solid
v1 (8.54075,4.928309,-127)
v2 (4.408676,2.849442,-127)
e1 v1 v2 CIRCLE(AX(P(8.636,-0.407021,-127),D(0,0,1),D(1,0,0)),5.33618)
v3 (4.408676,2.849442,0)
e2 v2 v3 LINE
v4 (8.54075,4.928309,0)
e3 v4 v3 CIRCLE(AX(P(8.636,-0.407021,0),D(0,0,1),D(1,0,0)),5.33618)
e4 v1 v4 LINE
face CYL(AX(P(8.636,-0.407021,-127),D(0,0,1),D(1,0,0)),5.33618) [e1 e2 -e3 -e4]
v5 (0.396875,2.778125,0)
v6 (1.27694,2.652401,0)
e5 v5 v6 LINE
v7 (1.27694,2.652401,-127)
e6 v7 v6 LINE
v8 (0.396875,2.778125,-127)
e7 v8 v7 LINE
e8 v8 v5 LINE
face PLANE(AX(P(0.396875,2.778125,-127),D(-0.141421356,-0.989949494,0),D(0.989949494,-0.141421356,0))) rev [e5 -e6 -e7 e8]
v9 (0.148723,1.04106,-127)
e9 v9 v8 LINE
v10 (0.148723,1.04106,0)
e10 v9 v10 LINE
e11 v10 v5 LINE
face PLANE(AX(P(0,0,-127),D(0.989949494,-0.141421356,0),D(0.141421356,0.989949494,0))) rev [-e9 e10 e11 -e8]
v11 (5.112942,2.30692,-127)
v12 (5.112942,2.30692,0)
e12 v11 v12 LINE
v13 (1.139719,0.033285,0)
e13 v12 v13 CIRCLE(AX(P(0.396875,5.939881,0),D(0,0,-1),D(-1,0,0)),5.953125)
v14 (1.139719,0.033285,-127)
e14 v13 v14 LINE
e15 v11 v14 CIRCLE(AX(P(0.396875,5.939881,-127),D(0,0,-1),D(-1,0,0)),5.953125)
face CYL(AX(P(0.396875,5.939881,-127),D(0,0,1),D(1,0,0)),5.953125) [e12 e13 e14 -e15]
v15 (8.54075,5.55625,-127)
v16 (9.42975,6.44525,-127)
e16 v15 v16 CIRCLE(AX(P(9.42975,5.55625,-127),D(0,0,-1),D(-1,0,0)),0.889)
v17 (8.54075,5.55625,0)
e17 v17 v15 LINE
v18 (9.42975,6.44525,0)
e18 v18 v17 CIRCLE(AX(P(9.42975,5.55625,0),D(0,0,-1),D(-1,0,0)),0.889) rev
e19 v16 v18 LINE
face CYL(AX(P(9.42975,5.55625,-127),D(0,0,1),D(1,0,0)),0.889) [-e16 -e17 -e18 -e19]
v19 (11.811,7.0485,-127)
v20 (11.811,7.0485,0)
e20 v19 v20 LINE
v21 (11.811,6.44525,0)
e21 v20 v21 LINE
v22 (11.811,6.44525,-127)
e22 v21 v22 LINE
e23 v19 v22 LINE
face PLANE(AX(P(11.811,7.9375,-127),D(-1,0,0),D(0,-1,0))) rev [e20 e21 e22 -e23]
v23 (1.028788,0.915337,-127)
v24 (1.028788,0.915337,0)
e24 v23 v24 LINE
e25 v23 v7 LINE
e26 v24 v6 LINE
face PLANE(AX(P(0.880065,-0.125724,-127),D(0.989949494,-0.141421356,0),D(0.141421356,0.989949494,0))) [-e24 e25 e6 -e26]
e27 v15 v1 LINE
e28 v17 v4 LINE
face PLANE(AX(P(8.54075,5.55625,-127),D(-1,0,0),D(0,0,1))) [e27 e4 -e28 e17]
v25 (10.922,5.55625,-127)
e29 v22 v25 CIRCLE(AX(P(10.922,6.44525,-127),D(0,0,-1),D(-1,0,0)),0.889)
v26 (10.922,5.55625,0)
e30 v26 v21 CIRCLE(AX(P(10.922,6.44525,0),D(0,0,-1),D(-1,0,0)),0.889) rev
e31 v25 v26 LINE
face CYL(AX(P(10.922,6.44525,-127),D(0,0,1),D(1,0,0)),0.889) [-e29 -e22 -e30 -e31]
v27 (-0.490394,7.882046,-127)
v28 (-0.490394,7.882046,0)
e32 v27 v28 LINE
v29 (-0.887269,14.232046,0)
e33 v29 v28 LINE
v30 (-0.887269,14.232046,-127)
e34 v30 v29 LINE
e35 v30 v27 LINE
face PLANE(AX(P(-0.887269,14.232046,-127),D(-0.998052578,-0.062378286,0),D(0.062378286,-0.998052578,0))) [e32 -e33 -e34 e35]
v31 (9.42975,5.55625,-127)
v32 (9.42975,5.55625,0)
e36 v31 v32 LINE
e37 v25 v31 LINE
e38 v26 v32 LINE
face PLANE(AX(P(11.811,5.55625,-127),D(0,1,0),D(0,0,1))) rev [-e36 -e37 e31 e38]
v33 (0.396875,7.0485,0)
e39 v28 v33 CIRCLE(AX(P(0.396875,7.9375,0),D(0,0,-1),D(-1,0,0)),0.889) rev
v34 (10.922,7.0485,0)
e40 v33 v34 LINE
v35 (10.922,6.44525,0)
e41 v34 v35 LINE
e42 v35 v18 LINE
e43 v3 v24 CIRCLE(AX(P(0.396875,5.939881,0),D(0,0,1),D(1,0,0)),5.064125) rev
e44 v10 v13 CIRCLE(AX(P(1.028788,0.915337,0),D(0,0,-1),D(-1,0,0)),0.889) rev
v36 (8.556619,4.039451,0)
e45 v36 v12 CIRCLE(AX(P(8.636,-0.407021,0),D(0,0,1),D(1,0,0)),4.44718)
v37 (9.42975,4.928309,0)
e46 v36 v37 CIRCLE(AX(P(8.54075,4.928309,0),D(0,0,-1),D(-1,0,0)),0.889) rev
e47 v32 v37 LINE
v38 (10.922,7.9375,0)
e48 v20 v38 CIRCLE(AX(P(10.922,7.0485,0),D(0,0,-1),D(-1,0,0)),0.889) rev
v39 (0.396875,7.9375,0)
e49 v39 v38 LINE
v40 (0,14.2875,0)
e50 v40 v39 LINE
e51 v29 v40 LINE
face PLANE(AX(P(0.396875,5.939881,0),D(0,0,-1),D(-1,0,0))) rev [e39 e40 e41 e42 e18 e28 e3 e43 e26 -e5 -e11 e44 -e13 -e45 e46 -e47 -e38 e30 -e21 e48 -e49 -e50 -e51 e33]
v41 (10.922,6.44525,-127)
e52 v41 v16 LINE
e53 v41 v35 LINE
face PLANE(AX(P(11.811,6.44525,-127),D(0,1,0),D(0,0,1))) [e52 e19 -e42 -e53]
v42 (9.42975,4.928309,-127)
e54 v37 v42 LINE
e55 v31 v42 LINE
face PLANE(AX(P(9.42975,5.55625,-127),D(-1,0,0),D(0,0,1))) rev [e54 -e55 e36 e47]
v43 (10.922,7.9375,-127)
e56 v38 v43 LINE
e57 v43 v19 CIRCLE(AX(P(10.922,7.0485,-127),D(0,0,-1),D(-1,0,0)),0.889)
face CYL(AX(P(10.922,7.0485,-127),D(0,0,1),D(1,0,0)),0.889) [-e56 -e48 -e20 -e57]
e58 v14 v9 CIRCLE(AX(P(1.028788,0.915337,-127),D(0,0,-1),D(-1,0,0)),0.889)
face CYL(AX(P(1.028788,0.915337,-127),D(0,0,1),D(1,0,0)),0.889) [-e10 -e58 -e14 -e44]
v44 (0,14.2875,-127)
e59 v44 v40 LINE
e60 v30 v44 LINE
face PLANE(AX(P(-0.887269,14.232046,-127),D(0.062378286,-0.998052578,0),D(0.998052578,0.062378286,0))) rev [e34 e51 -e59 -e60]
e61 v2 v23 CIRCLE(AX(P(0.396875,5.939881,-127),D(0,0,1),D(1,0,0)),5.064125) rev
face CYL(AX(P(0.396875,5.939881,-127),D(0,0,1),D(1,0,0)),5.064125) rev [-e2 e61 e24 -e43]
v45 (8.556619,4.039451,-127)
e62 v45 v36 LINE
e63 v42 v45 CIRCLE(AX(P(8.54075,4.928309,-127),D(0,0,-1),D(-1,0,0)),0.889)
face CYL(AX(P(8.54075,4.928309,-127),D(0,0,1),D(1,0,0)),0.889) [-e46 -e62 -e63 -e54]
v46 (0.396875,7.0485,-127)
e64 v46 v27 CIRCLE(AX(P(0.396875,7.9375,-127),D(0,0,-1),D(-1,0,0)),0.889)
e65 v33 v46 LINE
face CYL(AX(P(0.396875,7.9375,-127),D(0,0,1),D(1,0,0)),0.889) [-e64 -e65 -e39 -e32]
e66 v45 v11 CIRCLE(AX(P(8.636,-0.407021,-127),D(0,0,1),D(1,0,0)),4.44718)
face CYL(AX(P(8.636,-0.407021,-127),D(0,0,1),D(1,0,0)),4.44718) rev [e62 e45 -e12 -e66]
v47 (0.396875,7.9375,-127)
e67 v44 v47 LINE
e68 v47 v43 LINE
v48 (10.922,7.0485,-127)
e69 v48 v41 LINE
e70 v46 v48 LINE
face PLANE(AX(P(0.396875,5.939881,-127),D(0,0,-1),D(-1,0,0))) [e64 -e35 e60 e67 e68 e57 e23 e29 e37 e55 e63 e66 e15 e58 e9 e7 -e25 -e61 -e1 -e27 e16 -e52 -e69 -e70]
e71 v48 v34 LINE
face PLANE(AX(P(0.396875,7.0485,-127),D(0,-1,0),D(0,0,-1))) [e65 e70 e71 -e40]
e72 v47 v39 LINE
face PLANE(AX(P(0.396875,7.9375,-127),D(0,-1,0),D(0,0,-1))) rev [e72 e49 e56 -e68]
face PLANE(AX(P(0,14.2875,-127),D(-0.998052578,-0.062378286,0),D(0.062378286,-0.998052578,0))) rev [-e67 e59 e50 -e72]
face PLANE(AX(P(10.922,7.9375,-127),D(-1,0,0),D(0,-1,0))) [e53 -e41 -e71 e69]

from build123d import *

# Parameters (mm, degrees)
EXTRUDE_THIN1_DEPTH = 127
FILLET1_R           = 0.889


with BuildPart() as part:
    # Sketch1 → Extrude-Thin1 (new body)
    with BuildSketch(Plane.XY):
        with BuildLine():
            Line((0, 14.2875), (0.396875, 7.9375))
            Line((0.396875, 7.9375), (11.811, 7.9375))
            Line((11.811, 7.9375), (11.811, 5.55625))
            Line((11.811, 5.55625), (9.42975, 5.55625))
            Line((9.42975, 5.55625), (9.42975, 3.96875))
            ThreePointArc((9.42975, 3.96875), (7.038283045, 3.743245435), (5.112942469, 2.306920202))
            ThreePointArc((5.112942469, 2.306920202), (2.845206289, 0.513522178), (0, 0))
            Line((0, 0), (0.396875, 2.778125))
            Line((0.396875, 2.778125), (1.2769401, 2.652401414))
            Line((1.2769401, 2.652401414), (1.028787976, 0.915336544))
            ThreePointArc((1.028787976, 0.915336544), (2.912071238, 1.54452561), (4.408676393, 2.849442363))
            ThreePointArc((4.408676393, 2.849442363), (6.237754348, 4.359868554), (8.54075, 4.928308939))
            Line((8.54075, 4.928308939), (8.54075, 6.44525))
            Line((8.54075, 6.44525), (10.922, 6.44525))
            Line((10.922, 6.44525), (10.922, 7.0485))
            Line((10.922, 7.0485), (-0.438297136, 7.0485))
            Line((-0.438297136, 7.0485), (-0.887268742, 14.232045704))
            Line((-0.887268742, 14.232045704), (0, 14.2875))
        make_face()
    extrude(amount=-EXTRUDE_THIN1_DEPTH)

    # Fillet1
    fillet1_edges = [part.edges().sort_by_distance(p)[0] for p in [
        (8.54075, 6.44525, -63.5),
        (-0.438297136, 7.0485, -63.5),
        (11.811, 7.9375, -63.5),
        (11.811, 5.55625, -63.5),
        (9.42975, 3.96875, -63.5),
        (0, 0, -63.5),
    ]]
    fillet(fillet1_edges, radius=FILLET1_R)


solid = part.part
